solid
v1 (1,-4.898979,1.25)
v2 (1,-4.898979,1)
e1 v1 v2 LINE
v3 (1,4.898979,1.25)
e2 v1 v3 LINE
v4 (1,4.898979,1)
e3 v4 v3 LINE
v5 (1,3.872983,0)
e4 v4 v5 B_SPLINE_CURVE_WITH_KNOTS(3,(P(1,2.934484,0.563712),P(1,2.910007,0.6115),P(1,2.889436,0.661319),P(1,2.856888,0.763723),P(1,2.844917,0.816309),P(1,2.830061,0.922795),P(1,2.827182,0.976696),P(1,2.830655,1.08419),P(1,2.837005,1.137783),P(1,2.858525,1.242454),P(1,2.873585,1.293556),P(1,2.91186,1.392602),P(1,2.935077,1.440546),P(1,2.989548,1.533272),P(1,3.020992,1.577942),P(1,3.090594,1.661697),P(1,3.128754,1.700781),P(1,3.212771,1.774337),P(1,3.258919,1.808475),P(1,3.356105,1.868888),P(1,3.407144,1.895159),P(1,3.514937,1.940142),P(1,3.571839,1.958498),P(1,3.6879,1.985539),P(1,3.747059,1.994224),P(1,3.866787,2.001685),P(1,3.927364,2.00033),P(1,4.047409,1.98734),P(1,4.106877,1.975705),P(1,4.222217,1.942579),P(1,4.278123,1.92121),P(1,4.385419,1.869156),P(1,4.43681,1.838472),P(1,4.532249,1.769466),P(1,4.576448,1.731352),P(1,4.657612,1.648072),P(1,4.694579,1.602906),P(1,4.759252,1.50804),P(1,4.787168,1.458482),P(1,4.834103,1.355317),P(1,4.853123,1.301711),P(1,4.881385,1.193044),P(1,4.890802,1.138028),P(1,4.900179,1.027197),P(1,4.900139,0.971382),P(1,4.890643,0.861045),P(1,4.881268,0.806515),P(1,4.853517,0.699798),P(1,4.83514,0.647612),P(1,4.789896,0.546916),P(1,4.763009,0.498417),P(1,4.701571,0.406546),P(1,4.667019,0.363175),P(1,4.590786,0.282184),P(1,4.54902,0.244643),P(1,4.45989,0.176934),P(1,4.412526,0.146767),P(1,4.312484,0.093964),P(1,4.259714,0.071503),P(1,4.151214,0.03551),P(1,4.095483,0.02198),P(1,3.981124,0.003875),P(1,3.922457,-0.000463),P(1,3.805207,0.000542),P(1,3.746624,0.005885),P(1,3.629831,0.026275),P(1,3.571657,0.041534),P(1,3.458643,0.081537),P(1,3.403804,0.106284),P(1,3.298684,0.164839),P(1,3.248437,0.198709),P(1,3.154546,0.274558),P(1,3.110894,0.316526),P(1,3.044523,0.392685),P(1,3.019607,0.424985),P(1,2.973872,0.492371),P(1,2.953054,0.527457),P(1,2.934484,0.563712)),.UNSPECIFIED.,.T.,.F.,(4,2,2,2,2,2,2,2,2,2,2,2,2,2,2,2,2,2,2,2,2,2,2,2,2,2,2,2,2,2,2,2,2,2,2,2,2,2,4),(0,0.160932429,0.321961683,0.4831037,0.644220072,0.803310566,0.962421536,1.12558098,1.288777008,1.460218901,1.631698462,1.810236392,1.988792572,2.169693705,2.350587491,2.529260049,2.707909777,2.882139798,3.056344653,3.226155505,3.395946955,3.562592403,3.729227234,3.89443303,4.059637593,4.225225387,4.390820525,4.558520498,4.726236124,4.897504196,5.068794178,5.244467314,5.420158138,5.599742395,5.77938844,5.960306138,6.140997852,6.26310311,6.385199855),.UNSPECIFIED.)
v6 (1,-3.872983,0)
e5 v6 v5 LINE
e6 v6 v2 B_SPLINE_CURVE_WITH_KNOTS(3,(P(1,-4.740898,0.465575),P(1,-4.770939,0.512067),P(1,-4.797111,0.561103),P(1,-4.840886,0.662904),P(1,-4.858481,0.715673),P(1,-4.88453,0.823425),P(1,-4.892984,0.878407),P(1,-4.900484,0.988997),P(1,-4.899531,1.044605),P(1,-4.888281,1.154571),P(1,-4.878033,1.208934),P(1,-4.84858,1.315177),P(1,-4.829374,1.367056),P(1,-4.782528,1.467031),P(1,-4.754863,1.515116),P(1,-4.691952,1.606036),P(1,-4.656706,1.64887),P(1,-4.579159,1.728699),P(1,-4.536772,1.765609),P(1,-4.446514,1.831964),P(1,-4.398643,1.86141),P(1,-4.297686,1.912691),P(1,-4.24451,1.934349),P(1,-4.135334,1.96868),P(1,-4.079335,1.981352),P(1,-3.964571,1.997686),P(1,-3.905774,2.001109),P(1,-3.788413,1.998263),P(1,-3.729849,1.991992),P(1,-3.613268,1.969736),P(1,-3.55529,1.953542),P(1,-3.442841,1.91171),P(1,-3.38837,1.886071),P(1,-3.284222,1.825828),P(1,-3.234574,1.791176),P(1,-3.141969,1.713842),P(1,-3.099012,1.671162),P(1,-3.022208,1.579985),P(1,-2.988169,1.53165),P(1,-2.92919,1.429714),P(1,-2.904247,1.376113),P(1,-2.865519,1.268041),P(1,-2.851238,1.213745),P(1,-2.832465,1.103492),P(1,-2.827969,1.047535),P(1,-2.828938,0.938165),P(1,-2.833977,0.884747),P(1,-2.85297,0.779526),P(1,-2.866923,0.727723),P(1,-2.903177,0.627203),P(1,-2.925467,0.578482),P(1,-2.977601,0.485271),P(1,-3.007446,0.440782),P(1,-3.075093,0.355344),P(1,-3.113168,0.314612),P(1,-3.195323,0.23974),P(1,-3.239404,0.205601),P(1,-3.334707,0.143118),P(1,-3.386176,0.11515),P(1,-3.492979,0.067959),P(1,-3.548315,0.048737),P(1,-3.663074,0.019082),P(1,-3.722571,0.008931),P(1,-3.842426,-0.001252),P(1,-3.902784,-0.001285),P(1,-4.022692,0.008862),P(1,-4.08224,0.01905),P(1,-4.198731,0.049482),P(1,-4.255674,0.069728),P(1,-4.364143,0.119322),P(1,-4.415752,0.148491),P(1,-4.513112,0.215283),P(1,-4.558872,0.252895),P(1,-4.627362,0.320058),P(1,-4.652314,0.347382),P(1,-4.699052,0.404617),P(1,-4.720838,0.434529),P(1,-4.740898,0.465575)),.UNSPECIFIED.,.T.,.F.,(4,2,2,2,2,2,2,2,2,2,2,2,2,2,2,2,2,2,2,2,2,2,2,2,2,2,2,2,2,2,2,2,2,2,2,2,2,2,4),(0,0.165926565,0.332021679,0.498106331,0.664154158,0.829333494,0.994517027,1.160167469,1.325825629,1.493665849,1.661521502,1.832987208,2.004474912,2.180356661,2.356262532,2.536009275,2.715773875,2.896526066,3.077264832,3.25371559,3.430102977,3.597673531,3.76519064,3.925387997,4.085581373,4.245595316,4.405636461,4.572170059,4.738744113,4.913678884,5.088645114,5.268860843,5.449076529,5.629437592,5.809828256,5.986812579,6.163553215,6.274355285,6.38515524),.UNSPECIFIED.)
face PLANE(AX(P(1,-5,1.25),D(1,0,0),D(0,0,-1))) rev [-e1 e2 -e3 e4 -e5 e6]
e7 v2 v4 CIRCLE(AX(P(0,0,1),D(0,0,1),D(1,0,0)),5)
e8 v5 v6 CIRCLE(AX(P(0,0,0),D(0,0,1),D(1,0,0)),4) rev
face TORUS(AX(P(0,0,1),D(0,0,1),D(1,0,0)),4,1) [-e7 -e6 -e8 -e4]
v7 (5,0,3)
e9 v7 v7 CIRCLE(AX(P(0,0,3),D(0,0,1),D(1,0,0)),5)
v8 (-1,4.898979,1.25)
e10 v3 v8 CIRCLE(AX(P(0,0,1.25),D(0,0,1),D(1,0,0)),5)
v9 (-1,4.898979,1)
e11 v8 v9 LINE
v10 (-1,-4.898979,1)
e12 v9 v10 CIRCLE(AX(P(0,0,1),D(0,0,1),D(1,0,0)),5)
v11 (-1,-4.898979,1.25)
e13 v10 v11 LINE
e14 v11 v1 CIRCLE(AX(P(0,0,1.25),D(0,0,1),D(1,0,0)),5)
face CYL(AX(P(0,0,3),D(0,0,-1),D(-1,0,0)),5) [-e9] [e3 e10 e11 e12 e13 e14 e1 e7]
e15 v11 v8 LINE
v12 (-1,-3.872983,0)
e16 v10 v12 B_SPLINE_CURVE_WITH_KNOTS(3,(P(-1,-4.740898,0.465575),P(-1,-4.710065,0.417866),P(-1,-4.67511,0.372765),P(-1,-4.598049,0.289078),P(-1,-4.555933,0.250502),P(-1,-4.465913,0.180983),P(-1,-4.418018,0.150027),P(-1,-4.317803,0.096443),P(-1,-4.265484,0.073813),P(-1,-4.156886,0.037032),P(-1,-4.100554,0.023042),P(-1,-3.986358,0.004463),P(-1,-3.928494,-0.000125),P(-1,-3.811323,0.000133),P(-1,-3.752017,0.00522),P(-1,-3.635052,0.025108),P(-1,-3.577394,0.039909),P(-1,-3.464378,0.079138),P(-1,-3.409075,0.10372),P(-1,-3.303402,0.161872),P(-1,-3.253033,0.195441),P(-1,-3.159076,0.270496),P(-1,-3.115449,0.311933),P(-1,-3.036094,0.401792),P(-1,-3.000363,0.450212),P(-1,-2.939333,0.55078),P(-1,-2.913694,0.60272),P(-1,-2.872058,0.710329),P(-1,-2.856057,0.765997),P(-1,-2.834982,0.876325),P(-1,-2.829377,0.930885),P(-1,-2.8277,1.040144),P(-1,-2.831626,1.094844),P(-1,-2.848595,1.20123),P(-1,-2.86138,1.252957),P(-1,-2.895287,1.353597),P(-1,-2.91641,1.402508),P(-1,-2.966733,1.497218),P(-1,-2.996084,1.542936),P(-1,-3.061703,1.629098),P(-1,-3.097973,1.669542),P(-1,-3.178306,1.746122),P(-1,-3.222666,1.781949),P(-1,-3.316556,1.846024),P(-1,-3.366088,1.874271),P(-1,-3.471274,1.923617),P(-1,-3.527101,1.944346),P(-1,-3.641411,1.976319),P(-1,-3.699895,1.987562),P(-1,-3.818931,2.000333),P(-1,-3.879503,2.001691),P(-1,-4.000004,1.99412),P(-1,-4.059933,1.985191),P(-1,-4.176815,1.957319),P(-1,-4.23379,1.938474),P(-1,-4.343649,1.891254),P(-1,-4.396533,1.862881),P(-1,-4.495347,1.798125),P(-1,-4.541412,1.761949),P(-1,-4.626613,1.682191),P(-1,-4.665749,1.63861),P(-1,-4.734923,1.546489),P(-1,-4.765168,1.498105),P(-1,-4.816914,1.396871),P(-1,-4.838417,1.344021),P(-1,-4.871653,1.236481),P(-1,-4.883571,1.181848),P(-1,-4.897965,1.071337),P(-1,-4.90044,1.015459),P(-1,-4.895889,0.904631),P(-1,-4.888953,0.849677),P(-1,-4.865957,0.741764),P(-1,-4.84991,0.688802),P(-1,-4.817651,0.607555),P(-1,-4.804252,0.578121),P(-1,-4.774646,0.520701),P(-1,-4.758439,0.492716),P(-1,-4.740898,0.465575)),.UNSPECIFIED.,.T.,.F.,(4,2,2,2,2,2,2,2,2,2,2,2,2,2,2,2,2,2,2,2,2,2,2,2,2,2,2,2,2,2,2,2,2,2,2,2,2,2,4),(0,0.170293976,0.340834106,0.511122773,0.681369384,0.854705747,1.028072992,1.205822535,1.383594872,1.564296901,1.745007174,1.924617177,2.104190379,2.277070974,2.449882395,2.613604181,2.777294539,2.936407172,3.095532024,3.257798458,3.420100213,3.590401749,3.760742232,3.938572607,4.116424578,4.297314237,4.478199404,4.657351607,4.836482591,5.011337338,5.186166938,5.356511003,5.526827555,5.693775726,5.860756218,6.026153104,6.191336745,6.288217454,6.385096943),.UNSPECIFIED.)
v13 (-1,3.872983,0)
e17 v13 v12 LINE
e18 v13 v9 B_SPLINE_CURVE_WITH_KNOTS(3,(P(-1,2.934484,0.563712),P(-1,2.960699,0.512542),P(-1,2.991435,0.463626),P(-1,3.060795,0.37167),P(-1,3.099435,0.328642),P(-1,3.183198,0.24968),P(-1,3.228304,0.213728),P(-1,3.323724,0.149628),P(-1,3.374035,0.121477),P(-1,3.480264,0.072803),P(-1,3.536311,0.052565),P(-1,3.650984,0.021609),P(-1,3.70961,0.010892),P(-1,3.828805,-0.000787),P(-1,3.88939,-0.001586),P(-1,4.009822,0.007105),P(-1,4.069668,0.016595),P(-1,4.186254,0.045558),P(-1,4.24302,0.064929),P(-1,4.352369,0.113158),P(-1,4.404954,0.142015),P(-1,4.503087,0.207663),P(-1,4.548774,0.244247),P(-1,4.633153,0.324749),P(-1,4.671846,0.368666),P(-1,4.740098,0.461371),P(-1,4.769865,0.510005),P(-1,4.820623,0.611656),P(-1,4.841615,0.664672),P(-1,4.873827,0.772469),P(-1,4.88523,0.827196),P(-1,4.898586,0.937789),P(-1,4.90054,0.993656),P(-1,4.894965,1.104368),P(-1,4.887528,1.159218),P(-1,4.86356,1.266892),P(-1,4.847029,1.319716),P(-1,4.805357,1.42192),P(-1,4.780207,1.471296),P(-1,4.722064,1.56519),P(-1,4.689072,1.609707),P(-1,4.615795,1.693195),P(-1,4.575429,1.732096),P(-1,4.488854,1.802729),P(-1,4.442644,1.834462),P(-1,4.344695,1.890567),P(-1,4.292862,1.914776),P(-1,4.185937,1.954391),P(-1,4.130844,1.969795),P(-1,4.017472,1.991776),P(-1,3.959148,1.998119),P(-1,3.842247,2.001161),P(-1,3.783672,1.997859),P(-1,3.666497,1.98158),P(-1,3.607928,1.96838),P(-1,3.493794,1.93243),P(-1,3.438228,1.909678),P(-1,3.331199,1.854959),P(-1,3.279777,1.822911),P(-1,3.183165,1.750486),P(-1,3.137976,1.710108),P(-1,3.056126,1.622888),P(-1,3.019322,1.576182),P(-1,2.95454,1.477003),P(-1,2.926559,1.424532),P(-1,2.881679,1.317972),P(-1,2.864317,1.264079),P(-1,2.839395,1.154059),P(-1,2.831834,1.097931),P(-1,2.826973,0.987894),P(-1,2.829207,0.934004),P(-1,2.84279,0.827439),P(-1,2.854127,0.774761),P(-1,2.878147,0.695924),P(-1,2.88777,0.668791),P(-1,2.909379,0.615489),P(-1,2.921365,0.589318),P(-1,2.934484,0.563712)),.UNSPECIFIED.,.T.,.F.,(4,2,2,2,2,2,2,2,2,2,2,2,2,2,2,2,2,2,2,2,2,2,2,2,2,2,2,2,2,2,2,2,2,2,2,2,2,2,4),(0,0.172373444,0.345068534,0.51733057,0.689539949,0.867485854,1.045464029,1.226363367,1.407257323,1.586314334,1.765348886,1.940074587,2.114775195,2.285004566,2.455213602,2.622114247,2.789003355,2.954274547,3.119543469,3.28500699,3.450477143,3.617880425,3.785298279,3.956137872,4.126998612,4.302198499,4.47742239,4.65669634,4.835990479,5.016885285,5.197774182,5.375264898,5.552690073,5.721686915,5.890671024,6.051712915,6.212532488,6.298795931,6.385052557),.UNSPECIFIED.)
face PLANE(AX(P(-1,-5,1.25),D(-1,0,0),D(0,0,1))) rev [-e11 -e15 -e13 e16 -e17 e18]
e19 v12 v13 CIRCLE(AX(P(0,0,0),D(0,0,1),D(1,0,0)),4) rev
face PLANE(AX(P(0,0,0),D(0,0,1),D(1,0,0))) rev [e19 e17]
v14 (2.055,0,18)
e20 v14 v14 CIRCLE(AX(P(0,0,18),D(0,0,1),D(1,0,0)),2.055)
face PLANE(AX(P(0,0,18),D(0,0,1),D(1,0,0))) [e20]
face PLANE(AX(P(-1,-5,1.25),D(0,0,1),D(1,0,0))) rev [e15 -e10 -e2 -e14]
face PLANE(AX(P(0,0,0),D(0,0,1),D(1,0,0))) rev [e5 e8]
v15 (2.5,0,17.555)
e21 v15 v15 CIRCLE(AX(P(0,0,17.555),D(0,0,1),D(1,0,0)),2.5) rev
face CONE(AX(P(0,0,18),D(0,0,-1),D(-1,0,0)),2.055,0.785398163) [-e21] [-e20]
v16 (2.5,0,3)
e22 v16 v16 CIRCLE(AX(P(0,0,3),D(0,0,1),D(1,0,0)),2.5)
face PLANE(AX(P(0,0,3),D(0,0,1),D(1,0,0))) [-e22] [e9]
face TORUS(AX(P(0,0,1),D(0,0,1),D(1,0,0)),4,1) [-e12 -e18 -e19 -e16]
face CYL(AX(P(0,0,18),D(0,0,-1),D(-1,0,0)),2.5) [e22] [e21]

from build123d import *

# Parameters (mm, degrees)
SKETCH_1_R               = 5
EXTRUDE_1_DEPTH          = 3
SKETCH_2_R               = 2.5
EXTRUDE_2_DEPTH          = 15
FILLET_1_R               = 1
SKETCH_3_W               = 2
SKETCH_3_H               = 2.5
CUT_EXTRUDE_1_DEPTH      = 6
CUT_EXTRUDE_1_DEPTH_BACK = 6.0000001
CHAMFER_1_SIZE           = 0.445


with BuildPart() as part:
    # Эскиз1 → Бобышка-Вытянуть1 (new body)
    with BuildSketch(Plane.XY):
        Circle(SKETCH_1_R)
    extrude(amount=EXTRUDE_1_DEPTH)

    # Эскиз2 → Бобышка-Вытянуть2 (add)
    with BuildSketch(Plane.XY.offset(3)):
        Circle(SKETCH_2_R)
    extrude(amount=EXTRUDE_2_DEPTH)

    # Скругление1
    fillet_1_edges = [part.edges().sort_by_distance(p)[0] for p in [
        (-5, 0, 0),
    ]]
    fillet(fillet_1_edges, radius=FILLET_1_R)

    # Эскиз3 → Вырез-Вытянуть1 (cut, two sides)
    with BuildSketch(Plane(origin=(0, 0, 0), x_dir=(1, 0, 0), z_dir=(0, 1, 0))) as cut_extrude_1_sk:
        Rectangle(SKETCH_3_W, SKETCH_3_H)
    extrude(amount=CUT_EXTRUDE_1_DEPTH, mode=Mode.SUBTRACT)
    extrude(cut_extrude_1_sk.sketch, amount=-CUT_EXTRUDE_1_DEPTH_BACK, mode=Mode.SUBTRACT)

    # Фаска1
    chamfer_1_edges = [part.edges().sort_by_distance(p)[0] for p in [
        (-2.5, 0, 18),
    ]]
    chamfer(chamfer_1_edges, length=CHAMFER_1_SIZE)


solid = part.part
